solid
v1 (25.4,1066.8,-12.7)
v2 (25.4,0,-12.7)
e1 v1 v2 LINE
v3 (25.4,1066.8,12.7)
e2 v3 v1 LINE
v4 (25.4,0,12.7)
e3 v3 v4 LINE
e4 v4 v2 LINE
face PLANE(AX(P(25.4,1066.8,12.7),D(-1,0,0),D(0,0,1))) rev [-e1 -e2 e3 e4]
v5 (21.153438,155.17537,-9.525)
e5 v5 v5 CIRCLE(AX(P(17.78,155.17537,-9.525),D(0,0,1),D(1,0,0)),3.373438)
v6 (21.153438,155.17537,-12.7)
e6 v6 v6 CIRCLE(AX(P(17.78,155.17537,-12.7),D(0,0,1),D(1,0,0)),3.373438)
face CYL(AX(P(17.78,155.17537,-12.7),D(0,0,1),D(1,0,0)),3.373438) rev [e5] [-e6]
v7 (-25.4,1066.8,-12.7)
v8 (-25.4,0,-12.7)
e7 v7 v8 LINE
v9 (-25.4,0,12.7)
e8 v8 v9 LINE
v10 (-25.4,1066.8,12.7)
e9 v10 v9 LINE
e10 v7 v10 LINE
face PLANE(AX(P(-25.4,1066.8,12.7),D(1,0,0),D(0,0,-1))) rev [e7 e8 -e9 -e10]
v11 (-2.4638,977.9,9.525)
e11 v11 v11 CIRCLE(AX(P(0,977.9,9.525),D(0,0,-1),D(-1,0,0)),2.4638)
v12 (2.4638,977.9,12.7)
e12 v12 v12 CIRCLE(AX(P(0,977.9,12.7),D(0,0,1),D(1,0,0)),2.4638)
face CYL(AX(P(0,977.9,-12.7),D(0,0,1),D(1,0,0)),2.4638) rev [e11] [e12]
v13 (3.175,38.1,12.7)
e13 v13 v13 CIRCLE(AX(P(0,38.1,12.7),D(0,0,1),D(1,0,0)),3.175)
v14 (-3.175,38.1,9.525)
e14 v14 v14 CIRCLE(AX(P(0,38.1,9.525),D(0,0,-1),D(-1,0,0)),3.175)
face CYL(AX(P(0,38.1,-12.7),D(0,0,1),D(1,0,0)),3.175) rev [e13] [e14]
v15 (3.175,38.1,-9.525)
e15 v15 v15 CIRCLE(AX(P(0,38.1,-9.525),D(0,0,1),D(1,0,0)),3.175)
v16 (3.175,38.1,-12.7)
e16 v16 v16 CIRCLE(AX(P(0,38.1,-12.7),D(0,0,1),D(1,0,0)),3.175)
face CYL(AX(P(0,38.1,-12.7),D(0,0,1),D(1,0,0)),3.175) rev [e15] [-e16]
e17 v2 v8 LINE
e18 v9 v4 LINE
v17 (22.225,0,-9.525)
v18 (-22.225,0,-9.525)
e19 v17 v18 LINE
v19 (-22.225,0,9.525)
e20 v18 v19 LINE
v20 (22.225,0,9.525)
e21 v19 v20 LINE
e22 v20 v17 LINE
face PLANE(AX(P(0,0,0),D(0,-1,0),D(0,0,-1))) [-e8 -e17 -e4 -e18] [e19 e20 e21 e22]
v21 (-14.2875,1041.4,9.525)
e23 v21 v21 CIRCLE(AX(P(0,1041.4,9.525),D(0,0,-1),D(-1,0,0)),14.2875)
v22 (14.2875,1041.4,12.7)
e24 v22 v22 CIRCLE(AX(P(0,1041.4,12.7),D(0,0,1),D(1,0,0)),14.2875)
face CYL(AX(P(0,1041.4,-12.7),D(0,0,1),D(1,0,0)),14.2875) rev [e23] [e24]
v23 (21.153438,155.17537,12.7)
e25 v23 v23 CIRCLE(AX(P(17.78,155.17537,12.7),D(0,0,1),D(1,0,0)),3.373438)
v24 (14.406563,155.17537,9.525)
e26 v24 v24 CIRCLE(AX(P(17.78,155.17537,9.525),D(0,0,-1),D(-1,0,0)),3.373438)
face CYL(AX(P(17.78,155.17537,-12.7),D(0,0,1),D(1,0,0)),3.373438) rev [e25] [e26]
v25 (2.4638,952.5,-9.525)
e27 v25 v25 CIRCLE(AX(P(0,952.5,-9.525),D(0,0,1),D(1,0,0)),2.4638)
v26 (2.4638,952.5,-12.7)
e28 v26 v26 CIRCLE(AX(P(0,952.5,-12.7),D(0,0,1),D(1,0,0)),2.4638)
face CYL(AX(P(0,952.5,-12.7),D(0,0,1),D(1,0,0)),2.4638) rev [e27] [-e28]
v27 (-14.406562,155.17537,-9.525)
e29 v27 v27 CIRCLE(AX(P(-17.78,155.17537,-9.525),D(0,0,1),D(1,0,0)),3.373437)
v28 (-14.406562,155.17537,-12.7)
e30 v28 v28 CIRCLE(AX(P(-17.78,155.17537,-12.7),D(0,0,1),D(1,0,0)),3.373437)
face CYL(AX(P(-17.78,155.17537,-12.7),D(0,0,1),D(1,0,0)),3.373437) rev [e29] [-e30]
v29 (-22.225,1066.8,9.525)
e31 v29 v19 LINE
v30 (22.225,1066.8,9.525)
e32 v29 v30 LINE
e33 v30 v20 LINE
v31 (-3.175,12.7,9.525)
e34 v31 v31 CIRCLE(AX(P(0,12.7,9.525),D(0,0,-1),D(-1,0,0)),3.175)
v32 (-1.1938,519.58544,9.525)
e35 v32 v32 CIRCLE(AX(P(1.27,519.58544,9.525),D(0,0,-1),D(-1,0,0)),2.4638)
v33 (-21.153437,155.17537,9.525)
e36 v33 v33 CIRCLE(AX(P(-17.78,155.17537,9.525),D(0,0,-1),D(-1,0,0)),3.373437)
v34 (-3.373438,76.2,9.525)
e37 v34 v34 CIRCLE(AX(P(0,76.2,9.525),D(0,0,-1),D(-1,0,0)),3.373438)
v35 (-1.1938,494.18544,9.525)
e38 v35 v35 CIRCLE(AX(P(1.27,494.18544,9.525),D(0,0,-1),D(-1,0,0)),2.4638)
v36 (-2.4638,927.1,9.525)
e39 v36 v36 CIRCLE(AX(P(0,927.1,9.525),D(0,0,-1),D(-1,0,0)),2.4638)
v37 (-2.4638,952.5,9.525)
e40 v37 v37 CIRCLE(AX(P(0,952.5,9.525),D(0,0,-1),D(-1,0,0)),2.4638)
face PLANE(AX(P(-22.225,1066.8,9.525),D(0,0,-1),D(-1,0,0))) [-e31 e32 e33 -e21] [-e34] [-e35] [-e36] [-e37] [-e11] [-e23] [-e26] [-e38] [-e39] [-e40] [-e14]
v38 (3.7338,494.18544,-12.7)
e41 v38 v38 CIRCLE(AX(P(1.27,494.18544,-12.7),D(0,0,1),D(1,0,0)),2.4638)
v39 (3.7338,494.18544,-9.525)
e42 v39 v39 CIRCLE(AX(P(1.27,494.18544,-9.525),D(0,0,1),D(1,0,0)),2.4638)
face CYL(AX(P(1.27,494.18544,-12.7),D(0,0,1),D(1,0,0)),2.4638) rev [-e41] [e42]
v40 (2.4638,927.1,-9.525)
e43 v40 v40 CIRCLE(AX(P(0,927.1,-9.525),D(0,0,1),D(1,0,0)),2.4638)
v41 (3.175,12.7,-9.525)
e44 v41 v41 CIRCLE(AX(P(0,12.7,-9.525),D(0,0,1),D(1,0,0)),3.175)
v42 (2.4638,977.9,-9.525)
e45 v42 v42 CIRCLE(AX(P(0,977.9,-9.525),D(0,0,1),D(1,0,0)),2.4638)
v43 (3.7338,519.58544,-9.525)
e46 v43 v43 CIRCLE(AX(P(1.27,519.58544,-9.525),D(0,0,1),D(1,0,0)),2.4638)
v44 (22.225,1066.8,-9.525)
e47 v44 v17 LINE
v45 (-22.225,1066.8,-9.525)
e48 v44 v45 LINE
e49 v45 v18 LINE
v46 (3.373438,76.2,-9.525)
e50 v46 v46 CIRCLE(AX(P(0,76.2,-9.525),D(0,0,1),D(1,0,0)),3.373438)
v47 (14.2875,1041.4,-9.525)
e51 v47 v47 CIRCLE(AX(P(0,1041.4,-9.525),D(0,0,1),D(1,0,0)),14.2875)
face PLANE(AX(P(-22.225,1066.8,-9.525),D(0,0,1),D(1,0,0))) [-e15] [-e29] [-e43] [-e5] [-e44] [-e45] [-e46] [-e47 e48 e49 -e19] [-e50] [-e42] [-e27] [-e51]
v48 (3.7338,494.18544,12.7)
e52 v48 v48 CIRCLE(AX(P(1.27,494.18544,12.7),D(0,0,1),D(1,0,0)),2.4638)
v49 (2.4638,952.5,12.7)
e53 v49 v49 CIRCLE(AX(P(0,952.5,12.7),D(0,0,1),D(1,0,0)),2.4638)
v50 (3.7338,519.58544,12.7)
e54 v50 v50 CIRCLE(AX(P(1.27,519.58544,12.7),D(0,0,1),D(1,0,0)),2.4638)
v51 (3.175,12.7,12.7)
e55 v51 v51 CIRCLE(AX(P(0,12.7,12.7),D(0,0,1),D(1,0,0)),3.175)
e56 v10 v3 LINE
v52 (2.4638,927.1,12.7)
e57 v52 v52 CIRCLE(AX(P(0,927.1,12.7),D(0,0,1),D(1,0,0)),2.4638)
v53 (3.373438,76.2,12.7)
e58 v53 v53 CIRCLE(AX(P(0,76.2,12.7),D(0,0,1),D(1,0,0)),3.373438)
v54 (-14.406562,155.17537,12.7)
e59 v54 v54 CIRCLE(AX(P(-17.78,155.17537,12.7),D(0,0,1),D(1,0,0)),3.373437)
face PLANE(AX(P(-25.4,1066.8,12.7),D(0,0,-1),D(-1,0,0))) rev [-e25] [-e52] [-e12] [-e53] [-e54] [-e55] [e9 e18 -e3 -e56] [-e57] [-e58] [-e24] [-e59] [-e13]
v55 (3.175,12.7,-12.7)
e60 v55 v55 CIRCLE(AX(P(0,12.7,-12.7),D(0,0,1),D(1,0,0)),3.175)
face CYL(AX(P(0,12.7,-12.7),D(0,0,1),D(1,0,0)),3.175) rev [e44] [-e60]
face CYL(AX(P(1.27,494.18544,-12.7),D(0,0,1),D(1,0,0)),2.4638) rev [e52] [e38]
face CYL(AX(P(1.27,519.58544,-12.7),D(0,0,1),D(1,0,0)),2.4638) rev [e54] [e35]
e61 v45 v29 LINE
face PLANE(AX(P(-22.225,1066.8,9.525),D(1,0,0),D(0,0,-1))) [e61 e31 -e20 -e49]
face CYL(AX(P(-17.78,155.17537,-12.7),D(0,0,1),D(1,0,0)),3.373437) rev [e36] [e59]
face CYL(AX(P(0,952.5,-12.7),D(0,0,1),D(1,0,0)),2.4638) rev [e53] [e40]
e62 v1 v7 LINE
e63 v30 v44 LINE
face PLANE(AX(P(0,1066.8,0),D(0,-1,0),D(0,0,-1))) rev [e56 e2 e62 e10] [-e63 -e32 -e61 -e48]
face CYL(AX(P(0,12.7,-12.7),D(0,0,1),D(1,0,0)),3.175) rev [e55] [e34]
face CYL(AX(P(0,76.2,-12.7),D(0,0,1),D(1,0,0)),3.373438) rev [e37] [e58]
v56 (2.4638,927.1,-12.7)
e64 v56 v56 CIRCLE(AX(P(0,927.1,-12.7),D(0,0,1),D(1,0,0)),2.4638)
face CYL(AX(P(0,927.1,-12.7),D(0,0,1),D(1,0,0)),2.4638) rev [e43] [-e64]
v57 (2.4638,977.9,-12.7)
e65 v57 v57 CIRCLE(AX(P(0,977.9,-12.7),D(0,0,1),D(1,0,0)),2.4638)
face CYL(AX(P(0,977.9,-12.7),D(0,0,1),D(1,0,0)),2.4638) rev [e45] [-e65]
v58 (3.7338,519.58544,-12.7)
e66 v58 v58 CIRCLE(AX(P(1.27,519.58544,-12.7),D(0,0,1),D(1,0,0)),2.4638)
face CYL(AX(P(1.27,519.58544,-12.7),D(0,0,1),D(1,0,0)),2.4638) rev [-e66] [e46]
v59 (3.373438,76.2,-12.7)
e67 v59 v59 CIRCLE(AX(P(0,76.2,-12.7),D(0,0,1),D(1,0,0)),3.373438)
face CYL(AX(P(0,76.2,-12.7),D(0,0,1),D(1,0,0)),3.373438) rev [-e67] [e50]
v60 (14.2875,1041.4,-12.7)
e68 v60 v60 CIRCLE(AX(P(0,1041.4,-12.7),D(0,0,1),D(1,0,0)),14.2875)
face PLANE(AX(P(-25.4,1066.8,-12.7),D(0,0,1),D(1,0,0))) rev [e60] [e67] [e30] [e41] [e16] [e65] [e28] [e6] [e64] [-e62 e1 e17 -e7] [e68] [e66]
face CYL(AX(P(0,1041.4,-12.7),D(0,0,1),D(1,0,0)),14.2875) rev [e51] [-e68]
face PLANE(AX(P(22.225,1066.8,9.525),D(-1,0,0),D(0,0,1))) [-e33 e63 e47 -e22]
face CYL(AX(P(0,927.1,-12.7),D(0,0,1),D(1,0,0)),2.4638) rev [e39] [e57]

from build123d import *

# Parameters (mm, degrees)
SKETCH1_W           = 50.8
SKETCH1_H           = 25.4
SKETCH1_W_2         = 44.45
SKETCH1_H_2         = 19.05
BOSS_EXTRUDE1_DEPTH = 1066.8
SKETCH2_R           = 14.2875
CUT_EXTRUDE1_DEPTH  = 1068.404590584
SKETCH3_R           = 3.175
CUT_EXTRUDE2_DEPTH  = 1068.404590584
SKETCH4_R           = 2.4638
CUT_EXTRUDE3_DEPTH  = 1068.404590584
SKETCH5_R           = 3.3734375
CUT_EXTRUDE4_DEPTH  = 1068.404590584
SKETCH6_R           = 3.3734375
CUT_EXTRUDE5_DEPTH  = 1068.404590584


with BuildPart() as part:
    # Sketch1 → Boss-Extrude1 (new body)
    with BuildSketch(Plane(origin=(0, 0, 0), x_dir=(1, 0, 0), z_dir=(0, 1, 0))):
        Rectangle(SKETCH1_W, SKETCH1_H)
        Rectangle(SKETCH1_W_2, SKETCH1_H_2, mode=Mode.SUBTRACT)
    extrude(amount=BOSS_EXTRUDE1_DEPTH)

    # Sketch2 → Cut-Extrude1 (cut, through all)
    with BuildSketch(Plane.XY.offset(12.7)):
        with Locations((0, 1041.4)):
            Circle(SKETCH2_R)
    extrude(amount=-CUT_EXTRUDE1_DEPTH, mode=Mode.SUBTRACT)

    # Sketch3 → Cut-Extrude2 (cut, through all)
    with BuildSketch(Plane.XY.offset(12.7)):
        with Locations((0, 12.7)):
            Circle(SKETCH3_R)
        with Locations((0, 38.1)):
            Circle(SKETCH3_R)
    extrude(amount=-CUT_EXTRUDE2_DEPTH, mode=Mode.SUBTRACT)

    # Sketch4 → Cut-Extrude3 (cut, through all)
    with BuildSketch(Plane.XY.offset(12.7)):
        with Locations((0, 977.9)):
            Circle(SKETCH4_R)
        with Locations((0, 952.5)):
            Circle(SKETCH4_R)
        with Locations((0, 927.1)):
            Circle(SKETCH4_R)
        with Locations((1.27, 519.585439926)):
            Circle(SKETCH4_R)
        with Locations((1.27, 494.185439926)):
            Circle(SKETCH4_R)
    extrude(amount=-CUT_EXTRUDE3_DEPTH, mode=Mode.SUBTRACT)

    # Sketch5 → Cut-Extrude4 (cut, through all)
    with BuildSketch(Plane.XY.offset(12.7)):
        with Locations((0, 76.2)):
            Circle(SKETCH5_R)
    extrude(amount=-CUT_EXTRUDE4_DEPTH, mode=Mode.SUBTRACT)

    # Sketch6 → Cut-Extrude5 (cut, through all)
    with BuildSketch(Plane.XY.offset(12.7)):
        with Locations((-17.78, 155.17537)):
            Circle(SKETCH6_R)
        with Locations((17.78, 155.17537)):
            Circle(SKETCH6_R)
    extrude(amount=-CUT_EXTRUDE5_DEPTH, mode=Mode.SUBTRACT)


solid = part.part
